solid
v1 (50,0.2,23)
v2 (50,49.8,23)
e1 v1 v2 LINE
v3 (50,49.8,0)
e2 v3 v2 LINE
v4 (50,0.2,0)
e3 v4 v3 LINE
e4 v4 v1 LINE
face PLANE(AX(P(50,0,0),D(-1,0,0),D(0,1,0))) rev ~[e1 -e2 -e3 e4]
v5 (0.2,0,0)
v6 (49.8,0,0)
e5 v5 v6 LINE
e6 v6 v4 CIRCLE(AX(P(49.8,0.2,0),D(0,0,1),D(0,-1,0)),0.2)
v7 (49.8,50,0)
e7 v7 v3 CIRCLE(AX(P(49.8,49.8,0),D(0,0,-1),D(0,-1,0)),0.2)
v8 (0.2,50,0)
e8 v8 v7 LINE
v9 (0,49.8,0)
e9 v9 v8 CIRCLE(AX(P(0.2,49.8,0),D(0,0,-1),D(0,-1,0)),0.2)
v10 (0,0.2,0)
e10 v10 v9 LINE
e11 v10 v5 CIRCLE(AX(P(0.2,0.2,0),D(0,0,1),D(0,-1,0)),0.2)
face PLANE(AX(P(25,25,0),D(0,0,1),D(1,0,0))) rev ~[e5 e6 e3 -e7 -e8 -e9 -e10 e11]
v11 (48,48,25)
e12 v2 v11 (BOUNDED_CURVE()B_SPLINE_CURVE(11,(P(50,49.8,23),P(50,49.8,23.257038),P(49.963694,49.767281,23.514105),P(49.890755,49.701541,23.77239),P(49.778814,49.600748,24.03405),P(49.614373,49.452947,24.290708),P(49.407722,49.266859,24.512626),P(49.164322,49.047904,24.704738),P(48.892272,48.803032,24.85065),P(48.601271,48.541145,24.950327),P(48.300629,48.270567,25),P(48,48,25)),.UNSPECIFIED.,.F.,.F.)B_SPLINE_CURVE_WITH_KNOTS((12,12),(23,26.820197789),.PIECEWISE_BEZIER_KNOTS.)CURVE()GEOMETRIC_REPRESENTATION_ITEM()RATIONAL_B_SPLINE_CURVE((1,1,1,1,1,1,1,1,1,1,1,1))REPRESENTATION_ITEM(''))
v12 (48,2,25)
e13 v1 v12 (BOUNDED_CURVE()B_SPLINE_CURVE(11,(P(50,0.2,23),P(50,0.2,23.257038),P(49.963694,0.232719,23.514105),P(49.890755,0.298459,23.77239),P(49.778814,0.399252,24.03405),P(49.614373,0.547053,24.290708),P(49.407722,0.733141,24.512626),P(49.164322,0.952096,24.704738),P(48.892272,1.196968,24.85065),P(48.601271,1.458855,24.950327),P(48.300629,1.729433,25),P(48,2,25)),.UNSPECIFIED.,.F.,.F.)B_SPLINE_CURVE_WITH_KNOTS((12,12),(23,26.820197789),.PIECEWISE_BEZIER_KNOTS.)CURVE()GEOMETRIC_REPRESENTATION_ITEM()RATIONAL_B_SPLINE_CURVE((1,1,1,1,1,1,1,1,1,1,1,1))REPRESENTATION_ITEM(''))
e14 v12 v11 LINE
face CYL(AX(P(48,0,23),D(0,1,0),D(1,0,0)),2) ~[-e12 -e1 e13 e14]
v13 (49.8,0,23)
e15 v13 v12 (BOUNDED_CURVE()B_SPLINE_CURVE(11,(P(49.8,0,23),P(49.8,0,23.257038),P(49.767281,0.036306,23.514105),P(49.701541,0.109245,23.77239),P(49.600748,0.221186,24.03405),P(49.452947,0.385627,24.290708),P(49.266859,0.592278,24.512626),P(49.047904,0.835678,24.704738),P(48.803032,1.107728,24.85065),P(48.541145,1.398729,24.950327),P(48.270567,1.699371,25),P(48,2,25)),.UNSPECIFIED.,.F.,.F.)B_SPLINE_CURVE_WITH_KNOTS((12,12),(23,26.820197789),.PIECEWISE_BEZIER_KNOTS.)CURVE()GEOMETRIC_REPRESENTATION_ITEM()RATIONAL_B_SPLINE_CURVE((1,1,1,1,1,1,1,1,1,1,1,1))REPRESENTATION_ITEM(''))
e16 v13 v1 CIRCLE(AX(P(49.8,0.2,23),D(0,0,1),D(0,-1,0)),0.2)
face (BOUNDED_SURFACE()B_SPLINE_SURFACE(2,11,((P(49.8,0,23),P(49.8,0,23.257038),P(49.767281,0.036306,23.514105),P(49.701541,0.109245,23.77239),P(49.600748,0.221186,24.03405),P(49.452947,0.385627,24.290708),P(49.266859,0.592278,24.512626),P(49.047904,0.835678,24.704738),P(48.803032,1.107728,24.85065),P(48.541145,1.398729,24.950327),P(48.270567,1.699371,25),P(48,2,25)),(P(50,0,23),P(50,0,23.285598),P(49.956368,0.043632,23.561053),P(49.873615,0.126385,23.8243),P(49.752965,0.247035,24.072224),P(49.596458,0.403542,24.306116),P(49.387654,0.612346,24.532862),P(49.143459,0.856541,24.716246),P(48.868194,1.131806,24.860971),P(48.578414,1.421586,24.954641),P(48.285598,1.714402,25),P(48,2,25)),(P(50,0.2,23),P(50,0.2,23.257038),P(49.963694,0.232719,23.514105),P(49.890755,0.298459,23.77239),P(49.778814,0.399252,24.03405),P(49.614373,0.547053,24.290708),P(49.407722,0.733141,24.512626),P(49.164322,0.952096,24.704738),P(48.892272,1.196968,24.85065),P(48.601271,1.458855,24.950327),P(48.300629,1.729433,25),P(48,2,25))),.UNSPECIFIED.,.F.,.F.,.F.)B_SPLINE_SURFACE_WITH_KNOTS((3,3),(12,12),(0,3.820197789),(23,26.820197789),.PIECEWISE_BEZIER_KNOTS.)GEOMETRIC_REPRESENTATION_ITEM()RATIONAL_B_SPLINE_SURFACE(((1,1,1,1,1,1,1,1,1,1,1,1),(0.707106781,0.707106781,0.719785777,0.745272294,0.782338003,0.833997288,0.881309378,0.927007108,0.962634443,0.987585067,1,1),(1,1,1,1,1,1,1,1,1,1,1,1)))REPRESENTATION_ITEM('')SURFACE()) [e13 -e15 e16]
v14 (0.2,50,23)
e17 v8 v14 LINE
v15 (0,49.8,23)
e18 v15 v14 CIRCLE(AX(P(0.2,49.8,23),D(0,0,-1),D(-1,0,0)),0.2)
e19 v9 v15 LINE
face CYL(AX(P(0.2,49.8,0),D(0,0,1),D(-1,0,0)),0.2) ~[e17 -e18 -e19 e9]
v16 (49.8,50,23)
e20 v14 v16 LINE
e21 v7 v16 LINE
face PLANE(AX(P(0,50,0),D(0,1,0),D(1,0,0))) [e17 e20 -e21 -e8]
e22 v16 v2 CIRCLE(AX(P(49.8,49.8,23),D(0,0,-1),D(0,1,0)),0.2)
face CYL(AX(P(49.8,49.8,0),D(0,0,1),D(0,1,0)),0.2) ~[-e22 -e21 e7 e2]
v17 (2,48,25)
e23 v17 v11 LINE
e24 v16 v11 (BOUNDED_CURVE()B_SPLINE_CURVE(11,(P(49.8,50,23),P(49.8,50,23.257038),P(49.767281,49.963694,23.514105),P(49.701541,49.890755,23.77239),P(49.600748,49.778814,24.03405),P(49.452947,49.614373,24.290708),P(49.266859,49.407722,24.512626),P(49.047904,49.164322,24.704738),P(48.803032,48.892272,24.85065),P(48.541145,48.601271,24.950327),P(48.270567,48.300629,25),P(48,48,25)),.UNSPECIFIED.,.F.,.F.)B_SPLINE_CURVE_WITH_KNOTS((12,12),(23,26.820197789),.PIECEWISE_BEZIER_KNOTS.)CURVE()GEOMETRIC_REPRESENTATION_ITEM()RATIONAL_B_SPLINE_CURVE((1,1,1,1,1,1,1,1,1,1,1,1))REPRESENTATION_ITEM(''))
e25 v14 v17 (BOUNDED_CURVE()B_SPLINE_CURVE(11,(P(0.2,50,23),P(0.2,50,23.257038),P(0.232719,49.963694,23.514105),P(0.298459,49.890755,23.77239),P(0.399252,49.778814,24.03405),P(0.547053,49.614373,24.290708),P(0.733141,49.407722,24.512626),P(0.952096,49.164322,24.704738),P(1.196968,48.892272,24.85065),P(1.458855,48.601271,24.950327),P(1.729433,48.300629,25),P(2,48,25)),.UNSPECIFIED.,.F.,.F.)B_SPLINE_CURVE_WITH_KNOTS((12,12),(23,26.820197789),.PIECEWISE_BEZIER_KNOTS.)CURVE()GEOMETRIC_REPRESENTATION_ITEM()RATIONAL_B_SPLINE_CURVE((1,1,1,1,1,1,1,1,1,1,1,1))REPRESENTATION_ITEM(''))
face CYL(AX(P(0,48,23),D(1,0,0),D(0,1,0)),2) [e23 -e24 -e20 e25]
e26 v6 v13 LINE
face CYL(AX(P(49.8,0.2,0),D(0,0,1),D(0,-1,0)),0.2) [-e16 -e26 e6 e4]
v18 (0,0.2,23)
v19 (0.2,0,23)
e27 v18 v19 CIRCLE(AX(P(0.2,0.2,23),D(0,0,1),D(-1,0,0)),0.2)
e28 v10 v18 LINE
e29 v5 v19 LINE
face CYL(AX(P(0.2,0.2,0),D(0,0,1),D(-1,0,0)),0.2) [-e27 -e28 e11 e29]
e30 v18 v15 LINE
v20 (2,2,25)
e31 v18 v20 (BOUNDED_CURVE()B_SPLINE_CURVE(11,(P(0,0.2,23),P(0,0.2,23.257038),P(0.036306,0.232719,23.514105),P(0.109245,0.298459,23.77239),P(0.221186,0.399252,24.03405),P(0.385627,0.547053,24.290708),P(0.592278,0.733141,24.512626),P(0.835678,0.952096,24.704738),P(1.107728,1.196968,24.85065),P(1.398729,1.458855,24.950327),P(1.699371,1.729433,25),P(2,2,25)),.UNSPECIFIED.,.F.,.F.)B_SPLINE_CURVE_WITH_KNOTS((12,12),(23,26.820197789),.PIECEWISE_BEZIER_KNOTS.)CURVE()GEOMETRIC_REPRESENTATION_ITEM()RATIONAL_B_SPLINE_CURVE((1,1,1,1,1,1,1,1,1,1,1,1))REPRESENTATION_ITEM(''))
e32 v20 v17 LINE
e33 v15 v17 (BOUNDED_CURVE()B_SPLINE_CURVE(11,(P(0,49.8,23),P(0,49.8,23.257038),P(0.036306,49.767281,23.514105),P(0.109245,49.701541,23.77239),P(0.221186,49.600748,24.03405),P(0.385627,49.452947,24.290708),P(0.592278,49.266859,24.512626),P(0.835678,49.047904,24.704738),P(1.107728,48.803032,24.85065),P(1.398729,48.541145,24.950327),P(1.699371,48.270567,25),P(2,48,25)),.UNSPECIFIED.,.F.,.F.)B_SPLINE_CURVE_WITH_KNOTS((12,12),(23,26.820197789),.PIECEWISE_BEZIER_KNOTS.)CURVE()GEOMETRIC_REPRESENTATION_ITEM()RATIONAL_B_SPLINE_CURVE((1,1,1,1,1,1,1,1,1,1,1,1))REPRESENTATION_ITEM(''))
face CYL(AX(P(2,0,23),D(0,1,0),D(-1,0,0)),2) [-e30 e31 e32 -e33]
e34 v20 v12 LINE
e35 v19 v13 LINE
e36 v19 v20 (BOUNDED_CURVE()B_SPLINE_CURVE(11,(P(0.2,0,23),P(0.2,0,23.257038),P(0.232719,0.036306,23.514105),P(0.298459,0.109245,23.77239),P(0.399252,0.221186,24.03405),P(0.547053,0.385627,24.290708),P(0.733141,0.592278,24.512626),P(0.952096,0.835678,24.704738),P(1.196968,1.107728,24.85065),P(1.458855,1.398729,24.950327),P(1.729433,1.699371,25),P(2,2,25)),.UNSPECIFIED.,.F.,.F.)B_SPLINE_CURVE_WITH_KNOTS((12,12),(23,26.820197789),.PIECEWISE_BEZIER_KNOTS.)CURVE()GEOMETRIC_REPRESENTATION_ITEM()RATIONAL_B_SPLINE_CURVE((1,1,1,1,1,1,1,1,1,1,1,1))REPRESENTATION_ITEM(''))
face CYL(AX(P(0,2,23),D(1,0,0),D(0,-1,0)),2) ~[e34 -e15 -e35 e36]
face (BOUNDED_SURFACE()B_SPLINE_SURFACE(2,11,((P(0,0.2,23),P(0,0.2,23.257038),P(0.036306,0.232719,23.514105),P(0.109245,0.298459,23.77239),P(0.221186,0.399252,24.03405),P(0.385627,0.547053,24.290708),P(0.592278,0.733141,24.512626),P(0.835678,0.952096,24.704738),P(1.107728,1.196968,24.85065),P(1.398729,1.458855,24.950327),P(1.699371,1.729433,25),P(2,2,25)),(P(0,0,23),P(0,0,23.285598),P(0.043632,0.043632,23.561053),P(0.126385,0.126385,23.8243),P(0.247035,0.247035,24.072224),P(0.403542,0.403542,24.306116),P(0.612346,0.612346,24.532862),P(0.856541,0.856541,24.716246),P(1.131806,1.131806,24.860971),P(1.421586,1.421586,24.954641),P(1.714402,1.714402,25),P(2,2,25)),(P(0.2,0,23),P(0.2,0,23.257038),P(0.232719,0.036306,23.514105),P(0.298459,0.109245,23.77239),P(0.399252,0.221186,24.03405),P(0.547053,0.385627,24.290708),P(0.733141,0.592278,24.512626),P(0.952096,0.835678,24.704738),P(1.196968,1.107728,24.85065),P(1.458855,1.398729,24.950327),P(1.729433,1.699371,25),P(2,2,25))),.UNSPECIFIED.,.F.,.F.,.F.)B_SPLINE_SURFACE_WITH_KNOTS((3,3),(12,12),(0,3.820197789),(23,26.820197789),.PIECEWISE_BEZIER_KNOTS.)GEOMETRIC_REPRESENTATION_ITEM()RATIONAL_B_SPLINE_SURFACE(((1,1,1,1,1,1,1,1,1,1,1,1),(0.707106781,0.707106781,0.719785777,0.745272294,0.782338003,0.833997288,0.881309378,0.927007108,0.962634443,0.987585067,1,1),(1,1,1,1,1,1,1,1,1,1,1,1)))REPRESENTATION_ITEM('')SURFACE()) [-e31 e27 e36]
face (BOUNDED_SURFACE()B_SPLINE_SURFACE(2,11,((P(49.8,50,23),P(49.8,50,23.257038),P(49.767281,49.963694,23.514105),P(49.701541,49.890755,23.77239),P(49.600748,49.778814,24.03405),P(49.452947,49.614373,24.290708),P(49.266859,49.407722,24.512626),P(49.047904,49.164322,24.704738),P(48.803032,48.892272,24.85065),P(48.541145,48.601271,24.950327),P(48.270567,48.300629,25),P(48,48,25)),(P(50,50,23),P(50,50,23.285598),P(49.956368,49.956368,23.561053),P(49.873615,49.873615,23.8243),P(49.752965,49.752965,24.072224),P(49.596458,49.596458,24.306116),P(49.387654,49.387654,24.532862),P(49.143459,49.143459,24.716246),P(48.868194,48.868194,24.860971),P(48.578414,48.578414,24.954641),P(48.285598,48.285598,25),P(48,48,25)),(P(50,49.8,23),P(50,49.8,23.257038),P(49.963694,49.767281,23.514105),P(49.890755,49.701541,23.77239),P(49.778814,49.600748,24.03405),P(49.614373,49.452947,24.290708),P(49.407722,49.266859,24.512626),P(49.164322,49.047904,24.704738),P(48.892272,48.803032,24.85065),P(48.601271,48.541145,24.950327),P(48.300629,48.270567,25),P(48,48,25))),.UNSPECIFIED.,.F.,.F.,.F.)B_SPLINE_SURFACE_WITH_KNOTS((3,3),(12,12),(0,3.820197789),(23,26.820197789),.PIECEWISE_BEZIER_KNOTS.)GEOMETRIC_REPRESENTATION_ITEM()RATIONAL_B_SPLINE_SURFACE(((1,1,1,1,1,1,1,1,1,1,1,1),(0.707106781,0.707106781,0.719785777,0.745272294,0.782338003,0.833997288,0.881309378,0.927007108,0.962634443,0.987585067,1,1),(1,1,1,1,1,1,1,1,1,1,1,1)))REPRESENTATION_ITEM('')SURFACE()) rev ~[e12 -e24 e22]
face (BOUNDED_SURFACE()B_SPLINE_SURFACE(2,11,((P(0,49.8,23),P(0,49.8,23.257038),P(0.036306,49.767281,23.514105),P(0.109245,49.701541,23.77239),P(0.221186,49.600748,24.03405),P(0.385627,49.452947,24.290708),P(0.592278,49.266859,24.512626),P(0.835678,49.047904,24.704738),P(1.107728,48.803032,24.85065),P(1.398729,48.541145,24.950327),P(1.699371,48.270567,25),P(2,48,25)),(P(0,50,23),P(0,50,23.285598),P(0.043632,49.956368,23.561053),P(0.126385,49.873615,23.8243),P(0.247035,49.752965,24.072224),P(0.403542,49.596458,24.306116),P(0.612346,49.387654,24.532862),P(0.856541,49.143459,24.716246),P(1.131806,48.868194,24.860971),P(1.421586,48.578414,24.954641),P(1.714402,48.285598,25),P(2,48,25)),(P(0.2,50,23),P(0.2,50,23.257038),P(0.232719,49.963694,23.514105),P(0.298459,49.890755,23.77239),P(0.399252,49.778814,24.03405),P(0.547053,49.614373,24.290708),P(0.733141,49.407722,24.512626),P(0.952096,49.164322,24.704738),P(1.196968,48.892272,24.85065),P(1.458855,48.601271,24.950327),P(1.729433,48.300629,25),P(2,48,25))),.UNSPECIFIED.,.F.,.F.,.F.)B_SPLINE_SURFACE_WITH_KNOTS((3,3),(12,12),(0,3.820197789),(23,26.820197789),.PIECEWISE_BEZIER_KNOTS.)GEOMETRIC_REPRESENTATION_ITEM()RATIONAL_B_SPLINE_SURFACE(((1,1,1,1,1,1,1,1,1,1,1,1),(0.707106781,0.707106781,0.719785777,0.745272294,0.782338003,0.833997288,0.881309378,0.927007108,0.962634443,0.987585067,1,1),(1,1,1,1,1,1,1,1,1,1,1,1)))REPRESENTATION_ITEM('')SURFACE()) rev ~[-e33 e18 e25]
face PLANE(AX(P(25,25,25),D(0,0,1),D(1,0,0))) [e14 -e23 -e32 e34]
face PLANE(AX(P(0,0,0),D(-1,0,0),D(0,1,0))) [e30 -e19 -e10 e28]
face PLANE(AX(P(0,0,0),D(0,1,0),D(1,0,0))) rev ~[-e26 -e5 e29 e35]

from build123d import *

# Parameters (mm, degrees)
BOX_W       = 50
BOX_H       = 50
BOX_DEPTH   = 25
FILLET_R    = 2
FILLET001_R = 0.2


with BuildPart() as part:
    # Box → Box (new body)
    with BuildSketch(Plane.XY):
        with Locations((25, 25)):
            Rectangle(BOX_W, BOX_H)
    extrude(amount=BOX_DEPTH)

    # Fillet
    fillet_edges = [part.edges().sort_by_distance(p)[0] for p in [
        (0, 25, 25),
        (25, 0, 25),
        (50, 25, 25),
        (25, 50, 25),
    ]]
    fillet(fillet_edges, radius=FILLET_R)

    # Fillet001
    fillet001_edges = [part.edges().sort_by_distance(p)[0] for p in [
        (0, 0, 11.5),
        (50, 0, 11.5),
        (50, 50, 11.5),
        (0, 50, 11.5),
    ]]
    fillet(fillet001_edges, radius=FILLET001_R)


solid = part.part
